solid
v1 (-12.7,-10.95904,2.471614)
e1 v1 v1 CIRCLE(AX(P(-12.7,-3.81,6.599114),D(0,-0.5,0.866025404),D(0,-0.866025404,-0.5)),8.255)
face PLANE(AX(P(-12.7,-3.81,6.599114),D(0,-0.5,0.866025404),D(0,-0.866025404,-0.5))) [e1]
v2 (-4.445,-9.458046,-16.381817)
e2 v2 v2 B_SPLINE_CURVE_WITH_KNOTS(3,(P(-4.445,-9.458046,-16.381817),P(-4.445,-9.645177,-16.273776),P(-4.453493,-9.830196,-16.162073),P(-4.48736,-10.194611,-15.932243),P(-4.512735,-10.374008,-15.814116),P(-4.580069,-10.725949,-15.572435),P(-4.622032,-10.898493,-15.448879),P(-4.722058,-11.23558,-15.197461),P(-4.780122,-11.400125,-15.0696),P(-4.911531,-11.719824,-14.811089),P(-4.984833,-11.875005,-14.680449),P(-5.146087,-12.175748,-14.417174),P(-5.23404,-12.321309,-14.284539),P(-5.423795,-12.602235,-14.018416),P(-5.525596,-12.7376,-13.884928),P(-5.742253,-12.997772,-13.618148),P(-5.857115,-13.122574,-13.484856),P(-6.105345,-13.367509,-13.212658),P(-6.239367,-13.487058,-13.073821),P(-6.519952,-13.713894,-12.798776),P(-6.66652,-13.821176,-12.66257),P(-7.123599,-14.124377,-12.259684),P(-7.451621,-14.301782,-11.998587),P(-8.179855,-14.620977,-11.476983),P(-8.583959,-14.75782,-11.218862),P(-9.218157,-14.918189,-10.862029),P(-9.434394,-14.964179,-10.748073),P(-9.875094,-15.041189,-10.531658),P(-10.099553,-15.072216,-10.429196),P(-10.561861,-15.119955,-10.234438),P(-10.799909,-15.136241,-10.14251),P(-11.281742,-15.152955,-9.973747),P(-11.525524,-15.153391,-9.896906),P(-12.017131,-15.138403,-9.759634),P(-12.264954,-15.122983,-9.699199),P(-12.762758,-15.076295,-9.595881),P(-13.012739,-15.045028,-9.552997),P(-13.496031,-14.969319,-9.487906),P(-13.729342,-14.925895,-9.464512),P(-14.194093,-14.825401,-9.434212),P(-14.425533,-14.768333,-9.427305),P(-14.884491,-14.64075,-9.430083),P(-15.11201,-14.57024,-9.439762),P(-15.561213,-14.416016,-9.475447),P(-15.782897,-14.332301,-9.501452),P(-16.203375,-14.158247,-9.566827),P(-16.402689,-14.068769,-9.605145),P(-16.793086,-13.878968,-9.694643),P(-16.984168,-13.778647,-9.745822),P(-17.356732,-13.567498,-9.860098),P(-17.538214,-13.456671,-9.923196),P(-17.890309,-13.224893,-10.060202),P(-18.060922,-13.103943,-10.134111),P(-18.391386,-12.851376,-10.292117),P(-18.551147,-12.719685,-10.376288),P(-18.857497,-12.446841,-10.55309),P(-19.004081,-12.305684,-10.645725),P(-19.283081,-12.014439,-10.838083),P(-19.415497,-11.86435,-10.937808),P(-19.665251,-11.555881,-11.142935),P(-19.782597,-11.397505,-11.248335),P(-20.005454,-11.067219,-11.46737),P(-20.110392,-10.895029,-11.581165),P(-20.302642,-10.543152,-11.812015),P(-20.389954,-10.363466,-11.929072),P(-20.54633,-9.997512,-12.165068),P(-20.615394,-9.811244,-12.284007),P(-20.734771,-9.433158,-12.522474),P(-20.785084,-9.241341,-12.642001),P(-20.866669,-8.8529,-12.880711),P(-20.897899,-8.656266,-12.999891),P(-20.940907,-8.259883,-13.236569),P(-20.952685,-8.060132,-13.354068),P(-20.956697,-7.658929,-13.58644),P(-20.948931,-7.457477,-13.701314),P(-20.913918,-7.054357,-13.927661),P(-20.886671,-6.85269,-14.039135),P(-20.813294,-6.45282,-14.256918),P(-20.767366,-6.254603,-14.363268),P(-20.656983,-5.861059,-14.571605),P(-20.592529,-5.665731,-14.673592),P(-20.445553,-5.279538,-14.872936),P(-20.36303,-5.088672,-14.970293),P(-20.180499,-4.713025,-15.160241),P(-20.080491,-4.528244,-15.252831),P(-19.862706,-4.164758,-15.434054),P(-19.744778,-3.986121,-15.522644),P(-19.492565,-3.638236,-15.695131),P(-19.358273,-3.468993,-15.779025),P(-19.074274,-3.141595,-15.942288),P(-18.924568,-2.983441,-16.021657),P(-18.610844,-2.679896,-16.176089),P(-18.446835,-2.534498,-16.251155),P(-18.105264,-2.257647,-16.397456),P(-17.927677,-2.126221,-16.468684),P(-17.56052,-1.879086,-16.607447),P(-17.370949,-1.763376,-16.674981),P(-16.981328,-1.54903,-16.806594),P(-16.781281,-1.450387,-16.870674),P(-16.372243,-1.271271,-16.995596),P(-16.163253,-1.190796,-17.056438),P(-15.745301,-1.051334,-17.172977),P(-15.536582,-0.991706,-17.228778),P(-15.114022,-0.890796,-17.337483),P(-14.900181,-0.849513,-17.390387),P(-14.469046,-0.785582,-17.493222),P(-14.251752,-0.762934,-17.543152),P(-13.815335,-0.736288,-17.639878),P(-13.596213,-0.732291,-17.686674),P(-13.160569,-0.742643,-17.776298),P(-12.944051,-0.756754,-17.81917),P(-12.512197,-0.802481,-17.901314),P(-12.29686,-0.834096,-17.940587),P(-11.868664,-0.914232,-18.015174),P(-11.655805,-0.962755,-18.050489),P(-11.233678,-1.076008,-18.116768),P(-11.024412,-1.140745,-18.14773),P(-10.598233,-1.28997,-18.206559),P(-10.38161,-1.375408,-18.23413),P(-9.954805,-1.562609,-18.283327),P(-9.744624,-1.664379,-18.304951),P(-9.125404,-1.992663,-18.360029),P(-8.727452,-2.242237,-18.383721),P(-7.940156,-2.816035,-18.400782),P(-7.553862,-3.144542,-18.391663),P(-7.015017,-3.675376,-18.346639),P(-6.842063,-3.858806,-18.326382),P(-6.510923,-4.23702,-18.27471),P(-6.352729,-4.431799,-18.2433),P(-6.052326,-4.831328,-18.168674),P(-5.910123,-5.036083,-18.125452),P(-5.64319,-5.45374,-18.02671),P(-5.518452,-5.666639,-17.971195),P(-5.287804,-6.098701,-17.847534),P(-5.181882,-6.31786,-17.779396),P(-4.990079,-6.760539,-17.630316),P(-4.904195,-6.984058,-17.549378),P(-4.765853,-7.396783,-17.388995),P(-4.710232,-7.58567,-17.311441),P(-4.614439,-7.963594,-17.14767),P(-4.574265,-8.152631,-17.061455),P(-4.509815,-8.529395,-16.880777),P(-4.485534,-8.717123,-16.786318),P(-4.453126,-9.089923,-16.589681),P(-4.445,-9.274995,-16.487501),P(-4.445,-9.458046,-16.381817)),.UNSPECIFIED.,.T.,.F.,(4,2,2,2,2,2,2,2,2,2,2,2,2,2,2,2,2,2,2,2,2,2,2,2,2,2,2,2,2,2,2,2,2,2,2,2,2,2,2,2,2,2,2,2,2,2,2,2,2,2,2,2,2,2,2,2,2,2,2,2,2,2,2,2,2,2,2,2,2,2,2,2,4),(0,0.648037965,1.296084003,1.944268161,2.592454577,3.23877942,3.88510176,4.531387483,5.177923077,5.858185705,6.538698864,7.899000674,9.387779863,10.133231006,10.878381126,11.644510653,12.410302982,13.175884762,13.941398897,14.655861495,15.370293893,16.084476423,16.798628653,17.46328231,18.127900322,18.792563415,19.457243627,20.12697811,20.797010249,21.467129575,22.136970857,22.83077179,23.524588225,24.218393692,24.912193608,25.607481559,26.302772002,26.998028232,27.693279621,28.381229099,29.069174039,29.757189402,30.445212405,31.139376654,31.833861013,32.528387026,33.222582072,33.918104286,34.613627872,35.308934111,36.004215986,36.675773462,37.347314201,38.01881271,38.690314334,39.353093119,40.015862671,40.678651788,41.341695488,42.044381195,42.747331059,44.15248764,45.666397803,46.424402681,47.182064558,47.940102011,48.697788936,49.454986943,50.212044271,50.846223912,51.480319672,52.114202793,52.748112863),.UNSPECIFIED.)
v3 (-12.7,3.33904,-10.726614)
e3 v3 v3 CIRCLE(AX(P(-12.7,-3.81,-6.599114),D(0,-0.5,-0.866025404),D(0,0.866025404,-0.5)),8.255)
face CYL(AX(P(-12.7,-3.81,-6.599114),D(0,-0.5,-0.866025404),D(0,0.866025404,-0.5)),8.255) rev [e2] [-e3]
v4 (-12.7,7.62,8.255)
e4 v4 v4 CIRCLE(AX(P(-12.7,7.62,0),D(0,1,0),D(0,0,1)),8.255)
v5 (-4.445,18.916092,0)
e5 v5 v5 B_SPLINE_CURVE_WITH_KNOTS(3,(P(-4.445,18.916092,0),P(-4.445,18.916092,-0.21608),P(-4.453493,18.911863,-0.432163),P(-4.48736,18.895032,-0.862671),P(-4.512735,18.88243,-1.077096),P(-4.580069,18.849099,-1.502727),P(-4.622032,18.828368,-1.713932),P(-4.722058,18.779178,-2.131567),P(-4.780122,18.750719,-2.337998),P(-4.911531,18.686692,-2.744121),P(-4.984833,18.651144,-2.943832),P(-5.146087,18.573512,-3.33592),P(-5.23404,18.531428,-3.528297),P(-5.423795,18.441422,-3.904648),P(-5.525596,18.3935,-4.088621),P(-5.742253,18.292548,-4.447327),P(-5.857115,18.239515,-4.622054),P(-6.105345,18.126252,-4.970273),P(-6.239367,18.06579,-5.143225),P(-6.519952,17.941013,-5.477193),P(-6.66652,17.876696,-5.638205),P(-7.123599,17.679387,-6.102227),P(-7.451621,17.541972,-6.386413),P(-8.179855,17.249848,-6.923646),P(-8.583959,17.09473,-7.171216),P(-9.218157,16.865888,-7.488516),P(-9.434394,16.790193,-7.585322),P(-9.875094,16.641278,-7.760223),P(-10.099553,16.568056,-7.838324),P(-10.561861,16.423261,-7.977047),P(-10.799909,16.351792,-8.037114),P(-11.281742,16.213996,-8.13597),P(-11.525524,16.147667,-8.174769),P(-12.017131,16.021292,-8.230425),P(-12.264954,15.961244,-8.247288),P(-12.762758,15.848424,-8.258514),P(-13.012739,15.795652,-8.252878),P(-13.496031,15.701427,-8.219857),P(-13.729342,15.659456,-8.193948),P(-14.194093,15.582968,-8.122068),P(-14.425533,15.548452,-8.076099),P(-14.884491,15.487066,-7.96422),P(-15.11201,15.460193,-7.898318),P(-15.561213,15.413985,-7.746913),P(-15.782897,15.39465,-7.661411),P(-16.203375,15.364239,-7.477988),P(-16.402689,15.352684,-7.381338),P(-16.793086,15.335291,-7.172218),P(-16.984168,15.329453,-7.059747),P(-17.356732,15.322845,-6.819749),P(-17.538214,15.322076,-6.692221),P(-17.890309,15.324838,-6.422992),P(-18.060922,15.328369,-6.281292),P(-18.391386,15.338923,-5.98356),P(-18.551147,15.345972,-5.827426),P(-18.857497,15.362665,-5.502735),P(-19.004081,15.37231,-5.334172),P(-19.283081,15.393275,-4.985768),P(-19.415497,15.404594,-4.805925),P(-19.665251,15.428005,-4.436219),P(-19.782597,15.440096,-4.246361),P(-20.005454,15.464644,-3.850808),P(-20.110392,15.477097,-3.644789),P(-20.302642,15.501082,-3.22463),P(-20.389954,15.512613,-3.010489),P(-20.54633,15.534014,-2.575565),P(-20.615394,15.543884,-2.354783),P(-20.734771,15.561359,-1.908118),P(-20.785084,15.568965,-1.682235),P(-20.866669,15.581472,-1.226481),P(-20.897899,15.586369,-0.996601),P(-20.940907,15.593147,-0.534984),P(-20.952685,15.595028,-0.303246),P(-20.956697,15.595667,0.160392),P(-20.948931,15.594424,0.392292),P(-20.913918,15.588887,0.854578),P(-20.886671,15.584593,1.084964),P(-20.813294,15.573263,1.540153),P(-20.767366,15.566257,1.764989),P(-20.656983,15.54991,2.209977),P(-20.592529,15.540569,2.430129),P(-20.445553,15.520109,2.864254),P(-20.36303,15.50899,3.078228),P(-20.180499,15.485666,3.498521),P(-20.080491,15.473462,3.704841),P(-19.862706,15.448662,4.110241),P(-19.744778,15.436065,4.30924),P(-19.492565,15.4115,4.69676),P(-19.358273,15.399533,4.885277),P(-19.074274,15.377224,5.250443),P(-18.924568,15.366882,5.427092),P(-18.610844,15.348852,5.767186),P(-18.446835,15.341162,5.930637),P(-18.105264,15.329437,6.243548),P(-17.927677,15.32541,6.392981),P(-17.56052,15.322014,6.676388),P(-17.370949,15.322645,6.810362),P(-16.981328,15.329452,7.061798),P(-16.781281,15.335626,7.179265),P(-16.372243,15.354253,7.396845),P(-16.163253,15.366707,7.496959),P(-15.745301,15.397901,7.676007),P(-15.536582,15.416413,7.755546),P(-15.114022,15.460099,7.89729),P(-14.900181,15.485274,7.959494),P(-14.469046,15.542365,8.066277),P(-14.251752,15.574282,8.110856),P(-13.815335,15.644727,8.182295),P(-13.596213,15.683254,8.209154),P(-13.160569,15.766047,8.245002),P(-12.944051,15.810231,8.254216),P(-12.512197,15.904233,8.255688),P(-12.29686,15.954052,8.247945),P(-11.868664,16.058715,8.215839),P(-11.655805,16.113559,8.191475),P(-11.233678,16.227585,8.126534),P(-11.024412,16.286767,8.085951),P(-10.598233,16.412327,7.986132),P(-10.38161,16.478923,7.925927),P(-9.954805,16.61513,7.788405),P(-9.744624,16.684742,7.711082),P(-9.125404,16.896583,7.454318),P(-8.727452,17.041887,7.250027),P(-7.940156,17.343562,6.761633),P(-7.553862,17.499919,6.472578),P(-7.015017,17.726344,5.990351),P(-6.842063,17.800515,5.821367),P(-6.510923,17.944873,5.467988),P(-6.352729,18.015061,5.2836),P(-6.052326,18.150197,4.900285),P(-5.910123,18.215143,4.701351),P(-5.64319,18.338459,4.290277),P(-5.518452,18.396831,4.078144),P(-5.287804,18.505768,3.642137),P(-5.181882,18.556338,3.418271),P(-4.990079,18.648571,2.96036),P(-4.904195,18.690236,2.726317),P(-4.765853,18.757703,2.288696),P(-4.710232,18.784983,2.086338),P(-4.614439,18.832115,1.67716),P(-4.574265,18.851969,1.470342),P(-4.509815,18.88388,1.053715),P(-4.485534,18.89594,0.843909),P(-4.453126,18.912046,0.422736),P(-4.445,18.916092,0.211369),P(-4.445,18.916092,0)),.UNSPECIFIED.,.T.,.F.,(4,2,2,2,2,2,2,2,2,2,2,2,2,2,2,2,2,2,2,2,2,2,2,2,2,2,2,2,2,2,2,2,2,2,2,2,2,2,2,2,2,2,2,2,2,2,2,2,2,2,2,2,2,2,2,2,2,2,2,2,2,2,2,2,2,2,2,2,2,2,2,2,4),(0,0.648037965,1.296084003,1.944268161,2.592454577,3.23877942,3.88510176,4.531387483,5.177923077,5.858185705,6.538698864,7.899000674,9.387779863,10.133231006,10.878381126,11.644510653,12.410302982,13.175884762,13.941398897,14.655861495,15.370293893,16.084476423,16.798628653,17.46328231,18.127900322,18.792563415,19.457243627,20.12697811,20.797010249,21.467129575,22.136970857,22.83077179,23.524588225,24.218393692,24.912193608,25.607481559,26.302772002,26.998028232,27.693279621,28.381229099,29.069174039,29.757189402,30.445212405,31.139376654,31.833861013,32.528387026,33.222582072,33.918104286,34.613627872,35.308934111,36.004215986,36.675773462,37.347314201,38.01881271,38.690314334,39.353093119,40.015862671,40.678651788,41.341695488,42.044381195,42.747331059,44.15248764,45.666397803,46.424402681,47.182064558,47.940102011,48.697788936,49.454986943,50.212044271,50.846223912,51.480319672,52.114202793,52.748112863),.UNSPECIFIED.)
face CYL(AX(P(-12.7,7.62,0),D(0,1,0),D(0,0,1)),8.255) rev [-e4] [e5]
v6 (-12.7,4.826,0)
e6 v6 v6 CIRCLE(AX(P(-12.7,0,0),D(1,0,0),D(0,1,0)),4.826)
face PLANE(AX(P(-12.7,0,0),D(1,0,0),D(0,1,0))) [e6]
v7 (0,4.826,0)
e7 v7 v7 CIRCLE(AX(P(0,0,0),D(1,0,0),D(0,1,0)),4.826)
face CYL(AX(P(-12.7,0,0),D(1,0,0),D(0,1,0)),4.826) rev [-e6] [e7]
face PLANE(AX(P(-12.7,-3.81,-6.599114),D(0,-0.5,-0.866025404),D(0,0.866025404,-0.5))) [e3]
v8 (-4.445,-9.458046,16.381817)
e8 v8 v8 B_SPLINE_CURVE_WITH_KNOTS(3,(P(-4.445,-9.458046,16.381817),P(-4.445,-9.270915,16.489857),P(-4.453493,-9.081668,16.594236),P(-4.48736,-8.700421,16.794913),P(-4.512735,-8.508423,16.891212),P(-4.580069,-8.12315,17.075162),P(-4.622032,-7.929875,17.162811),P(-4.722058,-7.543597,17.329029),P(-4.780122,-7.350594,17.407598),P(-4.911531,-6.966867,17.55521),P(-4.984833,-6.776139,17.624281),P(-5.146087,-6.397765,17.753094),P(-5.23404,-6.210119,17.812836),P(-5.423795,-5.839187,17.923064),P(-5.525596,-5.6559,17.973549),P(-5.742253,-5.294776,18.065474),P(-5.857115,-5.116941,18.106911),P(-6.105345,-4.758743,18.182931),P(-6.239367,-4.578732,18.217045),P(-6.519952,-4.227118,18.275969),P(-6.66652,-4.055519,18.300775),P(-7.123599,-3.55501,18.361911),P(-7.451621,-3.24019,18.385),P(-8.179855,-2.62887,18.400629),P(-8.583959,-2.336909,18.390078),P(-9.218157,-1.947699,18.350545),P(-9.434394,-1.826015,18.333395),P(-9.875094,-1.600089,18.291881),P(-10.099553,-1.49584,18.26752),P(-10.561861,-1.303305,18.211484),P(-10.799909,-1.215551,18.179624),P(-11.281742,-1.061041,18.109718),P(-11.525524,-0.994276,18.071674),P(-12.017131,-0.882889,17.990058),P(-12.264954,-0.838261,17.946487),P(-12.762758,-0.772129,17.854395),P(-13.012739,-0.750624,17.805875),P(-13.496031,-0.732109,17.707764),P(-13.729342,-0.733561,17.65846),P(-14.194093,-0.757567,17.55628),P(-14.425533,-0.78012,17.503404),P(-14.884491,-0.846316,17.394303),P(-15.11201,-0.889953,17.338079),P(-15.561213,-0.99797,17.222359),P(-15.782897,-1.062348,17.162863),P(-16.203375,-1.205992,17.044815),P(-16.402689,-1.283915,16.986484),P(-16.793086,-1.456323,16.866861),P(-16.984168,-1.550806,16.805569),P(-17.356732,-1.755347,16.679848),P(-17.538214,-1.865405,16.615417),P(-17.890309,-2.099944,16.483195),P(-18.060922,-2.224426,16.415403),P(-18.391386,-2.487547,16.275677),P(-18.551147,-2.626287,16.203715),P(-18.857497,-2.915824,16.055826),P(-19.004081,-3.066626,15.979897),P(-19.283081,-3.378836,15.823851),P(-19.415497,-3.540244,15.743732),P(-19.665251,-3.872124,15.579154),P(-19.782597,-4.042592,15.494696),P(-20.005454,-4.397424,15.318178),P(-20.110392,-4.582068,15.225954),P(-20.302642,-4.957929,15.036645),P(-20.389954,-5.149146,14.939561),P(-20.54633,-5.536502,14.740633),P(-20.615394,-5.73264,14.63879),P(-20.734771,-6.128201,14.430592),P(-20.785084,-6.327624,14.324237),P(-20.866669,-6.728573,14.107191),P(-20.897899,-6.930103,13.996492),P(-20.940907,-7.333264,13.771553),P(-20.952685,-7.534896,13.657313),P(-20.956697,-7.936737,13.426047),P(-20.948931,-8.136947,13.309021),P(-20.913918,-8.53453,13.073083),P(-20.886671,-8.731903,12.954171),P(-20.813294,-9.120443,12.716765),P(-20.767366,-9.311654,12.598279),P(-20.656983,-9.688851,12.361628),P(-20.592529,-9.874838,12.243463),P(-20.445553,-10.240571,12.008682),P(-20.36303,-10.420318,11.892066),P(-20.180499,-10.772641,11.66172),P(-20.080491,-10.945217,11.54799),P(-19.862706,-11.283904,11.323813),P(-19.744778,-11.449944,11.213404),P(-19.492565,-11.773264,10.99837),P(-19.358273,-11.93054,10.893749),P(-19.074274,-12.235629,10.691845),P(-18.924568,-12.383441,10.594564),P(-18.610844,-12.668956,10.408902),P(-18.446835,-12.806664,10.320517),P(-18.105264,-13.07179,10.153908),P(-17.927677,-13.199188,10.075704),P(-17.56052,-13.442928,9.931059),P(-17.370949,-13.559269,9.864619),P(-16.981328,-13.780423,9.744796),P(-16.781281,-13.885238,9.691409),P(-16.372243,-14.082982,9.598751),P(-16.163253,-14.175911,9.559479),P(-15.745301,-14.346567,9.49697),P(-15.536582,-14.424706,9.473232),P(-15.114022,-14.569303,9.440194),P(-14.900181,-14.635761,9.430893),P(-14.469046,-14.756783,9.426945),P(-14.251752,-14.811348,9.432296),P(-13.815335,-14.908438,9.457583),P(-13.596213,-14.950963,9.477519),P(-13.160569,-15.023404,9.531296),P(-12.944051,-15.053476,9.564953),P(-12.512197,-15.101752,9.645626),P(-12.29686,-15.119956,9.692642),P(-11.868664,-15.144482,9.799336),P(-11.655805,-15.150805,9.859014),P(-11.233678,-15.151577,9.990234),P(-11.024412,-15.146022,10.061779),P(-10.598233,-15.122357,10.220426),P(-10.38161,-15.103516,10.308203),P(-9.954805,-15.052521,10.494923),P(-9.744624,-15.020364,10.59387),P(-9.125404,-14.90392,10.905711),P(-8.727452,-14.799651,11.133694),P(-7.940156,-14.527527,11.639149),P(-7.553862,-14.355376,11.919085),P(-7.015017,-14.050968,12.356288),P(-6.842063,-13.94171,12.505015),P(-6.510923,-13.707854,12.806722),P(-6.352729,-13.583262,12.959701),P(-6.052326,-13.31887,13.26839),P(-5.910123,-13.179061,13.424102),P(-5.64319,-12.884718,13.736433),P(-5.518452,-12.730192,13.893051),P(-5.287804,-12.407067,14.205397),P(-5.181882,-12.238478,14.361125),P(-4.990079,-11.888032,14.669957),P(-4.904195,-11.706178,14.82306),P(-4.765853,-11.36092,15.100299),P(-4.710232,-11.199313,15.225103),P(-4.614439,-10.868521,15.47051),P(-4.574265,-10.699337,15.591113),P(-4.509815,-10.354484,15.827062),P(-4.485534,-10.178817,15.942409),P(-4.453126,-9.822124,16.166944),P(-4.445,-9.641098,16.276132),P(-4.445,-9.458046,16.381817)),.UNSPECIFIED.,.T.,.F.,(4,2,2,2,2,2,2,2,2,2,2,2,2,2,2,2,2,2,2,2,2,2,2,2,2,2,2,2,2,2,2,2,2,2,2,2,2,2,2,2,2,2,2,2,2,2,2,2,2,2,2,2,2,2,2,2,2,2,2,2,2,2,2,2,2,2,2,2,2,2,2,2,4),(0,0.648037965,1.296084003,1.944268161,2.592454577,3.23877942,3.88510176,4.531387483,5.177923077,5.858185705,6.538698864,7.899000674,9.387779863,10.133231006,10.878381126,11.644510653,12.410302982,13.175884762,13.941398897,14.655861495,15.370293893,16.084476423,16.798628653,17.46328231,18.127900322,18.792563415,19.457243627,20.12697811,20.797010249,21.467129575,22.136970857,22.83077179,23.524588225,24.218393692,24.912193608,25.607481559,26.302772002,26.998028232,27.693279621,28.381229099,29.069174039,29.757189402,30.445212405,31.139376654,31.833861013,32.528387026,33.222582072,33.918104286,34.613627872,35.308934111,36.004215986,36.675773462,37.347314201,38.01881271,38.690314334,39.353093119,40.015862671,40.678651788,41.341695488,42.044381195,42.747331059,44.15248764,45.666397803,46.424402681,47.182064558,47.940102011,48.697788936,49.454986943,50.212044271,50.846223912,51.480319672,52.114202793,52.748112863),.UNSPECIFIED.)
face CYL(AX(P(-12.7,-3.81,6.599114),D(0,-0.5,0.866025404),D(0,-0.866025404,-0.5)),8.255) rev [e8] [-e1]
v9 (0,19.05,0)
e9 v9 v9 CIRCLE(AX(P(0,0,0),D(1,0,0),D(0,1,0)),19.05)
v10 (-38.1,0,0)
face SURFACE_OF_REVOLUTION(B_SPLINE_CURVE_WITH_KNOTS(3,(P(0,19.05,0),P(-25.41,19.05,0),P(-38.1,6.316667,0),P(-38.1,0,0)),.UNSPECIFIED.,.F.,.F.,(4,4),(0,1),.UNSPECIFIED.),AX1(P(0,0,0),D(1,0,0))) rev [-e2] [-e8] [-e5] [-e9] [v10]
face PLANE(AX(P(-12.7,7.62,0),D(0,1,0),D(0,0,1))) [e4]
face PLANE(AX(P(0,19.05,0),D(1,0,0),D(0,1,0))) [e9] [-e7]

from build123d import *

# Parameters (mm, degrees)
SKETCH2_R          = 8.255
CUT_EXTRUDE1_DEPTH = 11.43
CIRPATTERN1_COUNT  = 3
SKETCH3_R          = 4.826
CUT_EXTRUDE2_DEPTH = 12.7


with BuildPart() as part:
    # Sketch1 → Revolve1 (revolve)
    with BuildSketch(Plane.XY):
        with BuildLine():
            Line((0, 19.05), (0, 0))
            Line((0, 0), (-38.1, 0))
            add(Edge.make_bspline(
                [(0, 19.05), (-25.41, 19.05), (-38.1, 6.316666667), (-38.1, 0)],
                knots=[0, 0, 0, 0, 1, 1, 1, 1], degree=3))
        make_face()
    revolve(axis=Axis((0, 0, 0), (-1, 0, 0)))

    # Sketch2 → Cut-Extrude1 (cut)
    with BuildSketch(Plane(origin=(0, 19.05, 0), x_dir=(1, 0, 0), z_dir=(0, 1, 0))):
        with Locations((-12.7, 0)):
            Circle(SKETCH2_R)
    cut_extrude1 = extrude(amount=-CUT_EXTRUDE1_DEPTH, mode=Mode.SUBTRACT)

    # CirPattern1: Cut-Extrude1 ×3 about axis
    cirpattern1_axis = Axis((0, 0, 0), (1, 0, 0))
    for i in range(1, CIRPATTERN1_COUNT):
        add(cut_extrude1.rotate(cirpattern1_axis, i * 360 / CIRPATTERN1_COUNT), mode=Mode.SUBTRACT)

    # Sketch3 → Cut-Extrude2 (cut)
    with BuildSketch(Plane(origin=(0, 0, 0), x_dir=(0, 0, -1), z_dir=(1, 0, 0))):
        Circle(SKETCH3_R)
    extrude(amount=-CUT_EXTRUDE2_DEPTH, mode=Mode.SUBTRACT)


solid = part.part
